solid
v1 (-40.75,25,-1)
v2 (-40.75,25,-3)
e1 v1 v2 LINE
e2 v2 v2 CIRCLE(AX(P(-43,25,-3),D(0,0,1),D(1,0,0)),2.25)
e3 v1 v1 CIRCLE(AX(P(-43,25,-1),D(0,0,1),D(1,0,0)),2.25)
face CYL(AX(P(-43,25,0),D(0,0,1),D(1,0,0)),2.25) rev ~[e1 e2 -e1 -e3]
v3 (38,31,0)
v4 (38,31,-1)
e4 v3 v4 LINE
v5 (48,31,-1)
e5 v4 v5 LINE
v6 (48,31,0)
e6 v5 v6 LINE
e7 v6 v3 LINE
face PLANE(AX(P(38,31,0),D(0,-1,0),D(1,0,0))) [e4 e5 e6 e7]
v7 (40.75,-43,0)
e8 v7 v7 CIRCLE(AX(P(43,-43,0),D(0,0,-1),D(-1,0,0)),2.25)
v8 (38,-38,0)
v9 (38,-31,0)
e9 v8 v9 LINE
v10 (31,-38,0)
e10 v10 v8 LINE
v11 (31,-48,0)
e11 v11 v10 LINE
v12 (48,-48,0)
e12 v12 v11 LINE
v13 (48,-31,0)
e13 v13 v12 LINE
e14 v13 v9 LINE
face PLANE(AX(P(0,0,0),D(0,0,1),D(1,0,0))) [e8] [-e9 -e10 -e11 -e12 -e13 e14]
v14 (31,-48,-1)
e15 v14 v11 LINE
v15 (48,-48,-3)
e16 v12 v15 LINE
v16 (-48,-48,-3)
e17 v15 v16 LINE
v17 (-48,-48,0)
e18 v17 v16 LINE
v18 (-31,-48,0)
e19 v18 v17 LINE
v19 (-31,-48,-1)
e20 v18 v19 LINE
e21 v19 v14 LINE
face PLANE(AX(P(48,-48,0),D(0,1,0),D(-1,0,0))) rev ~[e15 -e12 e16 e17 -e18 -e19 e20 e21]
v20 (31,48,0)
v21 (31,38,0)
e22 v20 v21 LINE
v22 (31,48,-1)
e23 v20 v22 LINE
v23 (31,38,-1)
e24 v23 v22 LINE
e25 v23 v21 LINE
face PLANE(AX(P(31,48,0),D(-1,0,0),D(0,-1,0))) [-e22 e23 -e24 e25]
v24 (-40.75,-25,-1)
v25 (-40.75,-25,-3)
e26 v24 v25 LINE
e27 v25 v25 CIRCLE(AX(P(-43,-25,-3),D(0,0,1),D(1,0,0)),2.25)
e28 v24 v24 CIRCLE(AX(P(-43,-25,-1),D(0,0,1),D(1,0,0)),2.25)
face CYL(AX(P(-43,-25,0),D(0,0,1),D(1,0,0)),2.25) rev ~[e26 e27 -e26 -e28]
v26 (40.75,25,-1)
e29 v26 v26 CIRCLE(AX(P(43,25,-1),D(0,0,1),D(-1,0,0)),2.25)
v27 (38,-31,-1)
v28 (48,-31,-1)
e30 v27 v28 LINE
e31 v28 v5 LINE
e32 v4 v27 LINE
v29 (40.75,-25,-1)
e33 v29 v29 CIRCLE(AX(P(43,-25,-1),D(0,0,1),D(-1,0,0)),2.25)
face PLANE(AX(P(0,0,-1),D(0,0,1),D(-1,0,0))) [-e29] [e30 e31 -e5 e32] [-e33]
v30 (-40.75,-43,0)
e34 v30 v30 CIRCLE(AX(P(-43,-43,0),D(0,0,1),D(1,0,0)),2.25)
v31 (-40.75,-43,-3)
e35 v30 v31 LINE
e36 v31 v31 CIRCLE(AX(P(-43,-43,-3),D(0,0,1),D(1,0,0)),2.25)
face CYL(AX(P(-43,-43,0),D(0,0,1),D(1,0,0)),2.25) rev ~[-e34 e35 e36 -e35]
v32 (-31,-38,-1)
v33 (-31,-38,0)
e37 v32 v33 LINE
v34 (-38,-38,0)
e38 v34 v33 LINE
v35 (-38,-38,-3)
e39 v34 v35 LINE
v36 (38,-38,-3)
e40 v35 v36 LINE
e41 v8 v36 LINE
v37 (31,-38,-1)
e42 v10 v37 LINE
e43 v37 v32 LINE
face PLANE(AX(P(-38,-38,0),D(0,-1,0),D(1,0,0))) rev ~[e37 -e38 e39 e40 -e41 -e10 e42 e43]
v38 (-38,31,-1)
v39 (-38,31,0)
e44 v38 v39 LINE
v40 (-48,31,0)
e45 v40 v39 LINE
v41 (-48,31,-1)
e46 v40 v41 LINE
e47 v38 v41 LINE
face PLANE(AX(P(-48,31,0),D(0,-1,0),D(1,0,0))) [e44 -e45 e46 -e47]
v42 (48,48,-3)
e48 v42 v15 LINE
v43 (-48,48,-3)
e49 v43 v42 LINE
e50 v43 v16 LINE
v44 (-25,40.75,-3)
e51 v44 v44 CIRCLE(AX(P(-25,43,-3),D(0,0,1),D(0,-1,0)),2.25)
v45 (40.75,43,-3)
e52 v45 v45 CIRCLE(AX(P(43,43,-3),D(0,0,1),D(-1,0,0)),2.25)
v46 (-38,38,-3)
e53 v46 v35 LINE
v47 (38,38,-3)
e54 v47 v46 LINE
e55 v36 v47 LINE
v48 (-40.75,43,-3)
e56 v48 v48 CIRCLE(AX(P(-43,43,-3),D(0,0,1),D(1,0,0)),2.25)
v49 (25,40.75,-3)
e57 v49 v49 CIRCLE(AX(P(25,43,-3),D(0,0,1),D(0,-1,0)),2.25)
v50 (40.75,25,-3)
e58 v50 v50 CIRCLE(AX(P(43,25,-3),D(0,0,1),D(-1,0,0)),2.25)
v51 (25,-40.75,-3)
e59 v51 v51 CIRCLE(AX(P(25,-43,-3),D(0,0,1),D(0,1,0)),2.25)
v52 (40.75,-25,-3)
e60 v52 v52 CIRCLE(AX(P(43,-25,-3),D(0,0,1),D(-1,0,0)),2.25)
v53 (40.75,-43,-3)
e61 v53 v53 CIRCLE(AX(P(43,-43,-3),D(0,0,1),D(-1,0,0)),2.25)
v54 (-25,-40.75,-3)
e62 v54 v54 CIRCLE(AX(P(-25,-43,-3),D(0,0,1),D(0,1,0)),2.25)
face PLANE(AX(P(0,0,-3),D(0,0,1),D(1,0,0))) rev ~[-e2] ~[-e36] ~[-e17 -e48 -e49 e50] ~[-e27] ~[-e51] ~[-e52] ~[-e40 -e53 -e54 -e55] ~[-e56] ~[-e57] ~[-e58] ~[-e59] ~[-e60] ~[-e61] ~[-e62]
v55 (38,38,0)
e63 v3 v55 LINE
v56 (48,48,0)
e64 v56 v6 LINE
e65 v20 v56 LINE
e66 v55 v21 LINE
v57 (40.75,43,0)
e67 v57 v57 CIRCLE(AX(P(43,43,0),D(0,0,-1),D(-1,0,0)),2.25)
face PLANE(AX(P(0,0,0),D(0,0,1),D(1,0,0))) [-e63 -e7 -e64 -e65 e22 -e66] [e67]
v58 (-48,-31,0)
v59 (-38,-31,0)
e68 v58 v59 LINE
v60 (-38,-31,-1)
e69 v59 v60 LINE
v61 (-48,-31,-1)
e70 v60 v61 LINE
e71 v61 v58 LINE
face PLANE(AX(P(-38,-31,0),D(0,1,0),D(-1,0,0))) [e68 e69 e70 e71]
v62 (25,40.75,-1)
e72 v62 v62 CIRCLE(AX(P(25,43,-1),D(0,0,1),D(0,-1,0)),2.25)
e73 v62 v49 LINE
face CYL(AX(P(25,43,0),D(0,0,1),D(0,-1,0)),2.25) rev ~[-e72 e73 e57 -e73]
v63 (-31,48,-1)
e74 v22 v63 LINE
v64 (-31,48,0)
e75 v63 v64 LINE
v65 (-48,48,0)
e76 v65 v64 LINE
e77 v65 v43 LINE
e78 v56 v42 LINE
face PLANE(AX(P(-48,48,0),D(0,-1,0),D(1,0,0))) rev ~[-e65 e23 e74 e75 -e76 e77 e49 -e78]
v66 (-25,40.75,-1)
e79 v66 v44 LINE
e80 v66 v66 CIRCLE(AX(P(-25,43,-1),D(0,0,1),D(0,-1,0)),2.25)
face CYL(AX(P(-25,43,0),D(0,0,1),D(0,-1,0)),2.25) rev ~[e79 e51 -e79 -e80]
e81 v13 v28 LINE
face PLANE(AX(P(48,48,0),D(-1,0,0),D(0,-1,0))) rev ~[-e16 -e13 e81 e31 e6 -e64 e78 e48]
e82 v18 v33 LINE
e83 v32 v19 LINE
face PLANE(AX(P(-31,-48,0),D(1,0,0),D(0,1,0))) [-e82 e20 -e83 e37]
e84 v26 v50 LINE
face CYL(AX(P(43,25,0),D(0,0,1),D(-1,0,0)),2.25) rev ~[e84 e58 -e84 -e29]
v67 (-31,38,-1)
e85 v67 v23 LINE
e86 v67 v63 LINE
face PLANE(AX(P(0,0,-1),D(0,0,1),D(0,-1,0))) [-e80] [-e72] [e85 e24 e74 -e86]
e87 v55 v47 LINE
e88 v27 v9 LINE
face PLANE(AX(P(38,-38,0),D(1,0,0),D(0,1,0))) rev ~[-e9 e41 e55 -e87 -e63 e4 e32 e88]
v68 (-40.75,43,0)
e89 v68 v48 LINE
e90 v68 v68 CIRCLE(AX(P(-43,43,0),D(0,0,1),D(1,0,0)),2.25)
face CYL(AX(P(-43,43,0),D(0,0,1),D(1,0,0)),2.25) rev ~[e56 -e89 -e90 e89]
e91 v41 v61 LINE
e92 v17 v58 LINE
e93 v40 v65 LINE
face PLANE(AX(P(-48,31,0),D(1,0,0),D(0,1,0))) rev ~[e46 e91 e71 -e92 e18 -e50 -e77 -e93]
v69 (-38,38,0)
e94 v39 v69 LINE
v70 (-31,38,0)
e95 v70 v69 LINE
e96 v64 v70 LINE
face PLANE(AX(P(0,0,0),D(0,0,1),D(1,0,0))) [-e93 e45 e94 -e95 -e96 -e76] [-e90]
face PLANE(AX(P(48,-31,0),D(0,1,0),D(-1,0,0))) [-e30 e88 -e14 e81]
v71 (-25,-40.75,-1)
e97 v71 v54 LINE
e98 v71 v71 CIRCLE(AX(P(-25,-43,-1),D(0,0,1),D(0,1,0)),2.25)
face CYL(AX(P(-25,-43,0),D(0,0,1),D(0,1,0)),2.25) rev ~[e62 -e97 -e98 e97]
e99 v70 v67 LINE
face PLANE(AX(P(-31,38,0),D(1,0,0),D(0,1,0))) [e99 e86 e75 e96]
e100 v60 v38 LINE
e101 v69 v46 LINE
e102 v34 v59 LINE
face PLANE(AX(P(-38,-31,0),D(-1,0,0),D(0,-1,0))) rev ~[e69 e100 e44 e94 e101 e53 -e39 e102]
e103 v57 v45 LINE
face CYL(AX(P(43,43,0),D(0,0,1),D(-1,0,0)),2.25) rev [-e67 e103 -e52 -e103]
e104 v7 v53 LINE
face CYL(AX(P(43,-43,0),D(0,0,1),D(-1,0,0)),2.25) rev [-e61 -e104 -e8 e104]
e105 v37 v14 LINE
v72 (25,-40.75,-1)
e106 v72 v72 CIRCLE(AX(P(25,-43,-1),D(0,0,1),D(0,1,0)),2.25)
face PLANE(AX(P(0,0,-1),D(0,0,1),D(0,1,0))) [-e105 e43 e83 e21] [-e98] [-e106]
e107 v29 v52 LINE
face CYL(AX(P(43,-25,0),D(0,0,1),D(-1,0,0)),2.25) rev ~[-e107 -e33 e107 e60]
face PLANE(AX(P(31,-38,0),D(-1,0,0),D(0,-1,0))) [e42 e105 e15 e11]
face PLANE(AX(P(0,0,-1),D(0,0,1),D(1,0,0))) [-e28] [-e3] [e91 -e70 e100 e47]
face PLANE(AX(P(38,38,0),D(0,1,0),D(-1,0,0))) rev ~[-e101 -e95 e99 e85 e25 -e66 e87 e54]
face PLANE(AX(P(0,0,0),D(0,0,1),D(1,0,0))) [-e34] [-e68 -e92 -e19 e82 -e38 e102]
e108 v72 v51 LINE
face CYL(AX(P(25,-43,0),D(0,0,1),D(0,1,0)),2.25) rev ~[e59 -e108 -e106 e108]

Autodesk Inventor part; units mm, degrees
ref_plane "YZ Plane" through (0, 0, 0) normal (1, 0, 0) x (0, 1, 0)
ref_plane "XZ Plane" through (0, 0, 0) normal (0, 1, 0) x (-1, 0, 0)
ref_plane "XY Plane" through (0, 0, 0) normal (0, 0, 1) x (1, 0, 0)
sketch "Sketch1" plane through (0, 0, 0) normal (0, 0, 1) x (1, 0, 0)
  line L0 (-48, 48) -> (48, 48)
  line L1 (48, 48) -> (48, -48)
  line L2 (48, -48) -> (-48, -48)
  line L3 (-48, -48) -> (-48, 48)
  line L4 (38, 38) -> (-38, 38)
  line L5 (-38, 38) -> (-38, -38)
  line L6 (-38, -38) -> (38, -38)
  line L7 (38, -38) -> (38, 38)
  line L8 (0, 152.7233) -> (0, -72.1628) construction
  line L9 (-77.8847, 0) -> (88.8171, 0) construction
  line L10 (-48, 43) -> (48, 43) construction
  line L11 (-43, 48) -> (-43, -48) construction
  line L12 (-48, -43) -> (48, -43) construction
  circle A0 centre (-43, 25) radius 2.25
  circle A1 centre (-43, -25) radius 2.25
  circle A2 centre (-43, -43) radius 2.25
  circle A3 centre (-43, 43) radius 2.25
  line L13 (-48, 30) -> (48, 30) construction
  line L14 (-48, -30) -> (48, -30) construction
  line L15 (-50, 31) -> (-36, 31)
  line L16 (-36, 31) -> (-36, -31)
  line L17 (-36, -31) -> (-50, -31)
  line L18 (-50, -31) -> (-50, 31)
  point P0 (0, 0)
  point P1 (0, 48)
  point P2 (48, 0)
  dimension "d0" = 96
  dimension "d1" = 96
  dimension "d2" = 10
  dimension "d5" = 5
  dimension "d11" = 5
  dimension "d14" = 5
  dimension "d31" = 4.5
  dimension "d32" = 4.5
  dimension "d61" = 4.5
  dimension "d62" = 4.5
  dimension "d65" = 30
  dimension "d66" = 30
  dimension "d67" = 5
  dimension "d68" = 5
  dimension "d74" = 1
  dimension "d75" = 1
  dimension "d76" = 2
  dimension "d77" = 2
extrude "Extrusion1" add sketch "Sketch1" against normal blind 3 contours L0 L1 L2 L3 L17 L5 L6 L7 L4 L15 | L15 L5 L17 L3 | A0 | A1 | A2 | A3
extrude "Extrusion2" cut sketch "Sketch1" against normal blind 10 contours A2 | A3
mirror "Mirror5" about plane through (0, 0, 0) normal (1, 0, 0) of "Extrusion2"
extrude "Extrusion5" cut sketch "Sketch1" against normal blind 10 contours A0 | A1
extrude "Extrusion6" cut sketch "Sketch1" against normal blind 1 contours L15 L5 L17 L3 | L3 L17 L18 L15 | L15 L16 L17 L5
pattern_circular "Circular Pattern1" count 4 over 360 about axis through (0, 0, -10) along (0, 0, 1) of "Extrusion5", "Extrusion6"
equation "\"d31\" = screw"
equation "\"d32\" = screw"
equation "\"d61\" = screw"
equation "\"d62\" = screw"
equation "\"d25\" = mat"
equation "\"screw\" = 4.5"
equation "\"mat\" = 3"
properties part number "Base" material "PC/ABS Plastic"
